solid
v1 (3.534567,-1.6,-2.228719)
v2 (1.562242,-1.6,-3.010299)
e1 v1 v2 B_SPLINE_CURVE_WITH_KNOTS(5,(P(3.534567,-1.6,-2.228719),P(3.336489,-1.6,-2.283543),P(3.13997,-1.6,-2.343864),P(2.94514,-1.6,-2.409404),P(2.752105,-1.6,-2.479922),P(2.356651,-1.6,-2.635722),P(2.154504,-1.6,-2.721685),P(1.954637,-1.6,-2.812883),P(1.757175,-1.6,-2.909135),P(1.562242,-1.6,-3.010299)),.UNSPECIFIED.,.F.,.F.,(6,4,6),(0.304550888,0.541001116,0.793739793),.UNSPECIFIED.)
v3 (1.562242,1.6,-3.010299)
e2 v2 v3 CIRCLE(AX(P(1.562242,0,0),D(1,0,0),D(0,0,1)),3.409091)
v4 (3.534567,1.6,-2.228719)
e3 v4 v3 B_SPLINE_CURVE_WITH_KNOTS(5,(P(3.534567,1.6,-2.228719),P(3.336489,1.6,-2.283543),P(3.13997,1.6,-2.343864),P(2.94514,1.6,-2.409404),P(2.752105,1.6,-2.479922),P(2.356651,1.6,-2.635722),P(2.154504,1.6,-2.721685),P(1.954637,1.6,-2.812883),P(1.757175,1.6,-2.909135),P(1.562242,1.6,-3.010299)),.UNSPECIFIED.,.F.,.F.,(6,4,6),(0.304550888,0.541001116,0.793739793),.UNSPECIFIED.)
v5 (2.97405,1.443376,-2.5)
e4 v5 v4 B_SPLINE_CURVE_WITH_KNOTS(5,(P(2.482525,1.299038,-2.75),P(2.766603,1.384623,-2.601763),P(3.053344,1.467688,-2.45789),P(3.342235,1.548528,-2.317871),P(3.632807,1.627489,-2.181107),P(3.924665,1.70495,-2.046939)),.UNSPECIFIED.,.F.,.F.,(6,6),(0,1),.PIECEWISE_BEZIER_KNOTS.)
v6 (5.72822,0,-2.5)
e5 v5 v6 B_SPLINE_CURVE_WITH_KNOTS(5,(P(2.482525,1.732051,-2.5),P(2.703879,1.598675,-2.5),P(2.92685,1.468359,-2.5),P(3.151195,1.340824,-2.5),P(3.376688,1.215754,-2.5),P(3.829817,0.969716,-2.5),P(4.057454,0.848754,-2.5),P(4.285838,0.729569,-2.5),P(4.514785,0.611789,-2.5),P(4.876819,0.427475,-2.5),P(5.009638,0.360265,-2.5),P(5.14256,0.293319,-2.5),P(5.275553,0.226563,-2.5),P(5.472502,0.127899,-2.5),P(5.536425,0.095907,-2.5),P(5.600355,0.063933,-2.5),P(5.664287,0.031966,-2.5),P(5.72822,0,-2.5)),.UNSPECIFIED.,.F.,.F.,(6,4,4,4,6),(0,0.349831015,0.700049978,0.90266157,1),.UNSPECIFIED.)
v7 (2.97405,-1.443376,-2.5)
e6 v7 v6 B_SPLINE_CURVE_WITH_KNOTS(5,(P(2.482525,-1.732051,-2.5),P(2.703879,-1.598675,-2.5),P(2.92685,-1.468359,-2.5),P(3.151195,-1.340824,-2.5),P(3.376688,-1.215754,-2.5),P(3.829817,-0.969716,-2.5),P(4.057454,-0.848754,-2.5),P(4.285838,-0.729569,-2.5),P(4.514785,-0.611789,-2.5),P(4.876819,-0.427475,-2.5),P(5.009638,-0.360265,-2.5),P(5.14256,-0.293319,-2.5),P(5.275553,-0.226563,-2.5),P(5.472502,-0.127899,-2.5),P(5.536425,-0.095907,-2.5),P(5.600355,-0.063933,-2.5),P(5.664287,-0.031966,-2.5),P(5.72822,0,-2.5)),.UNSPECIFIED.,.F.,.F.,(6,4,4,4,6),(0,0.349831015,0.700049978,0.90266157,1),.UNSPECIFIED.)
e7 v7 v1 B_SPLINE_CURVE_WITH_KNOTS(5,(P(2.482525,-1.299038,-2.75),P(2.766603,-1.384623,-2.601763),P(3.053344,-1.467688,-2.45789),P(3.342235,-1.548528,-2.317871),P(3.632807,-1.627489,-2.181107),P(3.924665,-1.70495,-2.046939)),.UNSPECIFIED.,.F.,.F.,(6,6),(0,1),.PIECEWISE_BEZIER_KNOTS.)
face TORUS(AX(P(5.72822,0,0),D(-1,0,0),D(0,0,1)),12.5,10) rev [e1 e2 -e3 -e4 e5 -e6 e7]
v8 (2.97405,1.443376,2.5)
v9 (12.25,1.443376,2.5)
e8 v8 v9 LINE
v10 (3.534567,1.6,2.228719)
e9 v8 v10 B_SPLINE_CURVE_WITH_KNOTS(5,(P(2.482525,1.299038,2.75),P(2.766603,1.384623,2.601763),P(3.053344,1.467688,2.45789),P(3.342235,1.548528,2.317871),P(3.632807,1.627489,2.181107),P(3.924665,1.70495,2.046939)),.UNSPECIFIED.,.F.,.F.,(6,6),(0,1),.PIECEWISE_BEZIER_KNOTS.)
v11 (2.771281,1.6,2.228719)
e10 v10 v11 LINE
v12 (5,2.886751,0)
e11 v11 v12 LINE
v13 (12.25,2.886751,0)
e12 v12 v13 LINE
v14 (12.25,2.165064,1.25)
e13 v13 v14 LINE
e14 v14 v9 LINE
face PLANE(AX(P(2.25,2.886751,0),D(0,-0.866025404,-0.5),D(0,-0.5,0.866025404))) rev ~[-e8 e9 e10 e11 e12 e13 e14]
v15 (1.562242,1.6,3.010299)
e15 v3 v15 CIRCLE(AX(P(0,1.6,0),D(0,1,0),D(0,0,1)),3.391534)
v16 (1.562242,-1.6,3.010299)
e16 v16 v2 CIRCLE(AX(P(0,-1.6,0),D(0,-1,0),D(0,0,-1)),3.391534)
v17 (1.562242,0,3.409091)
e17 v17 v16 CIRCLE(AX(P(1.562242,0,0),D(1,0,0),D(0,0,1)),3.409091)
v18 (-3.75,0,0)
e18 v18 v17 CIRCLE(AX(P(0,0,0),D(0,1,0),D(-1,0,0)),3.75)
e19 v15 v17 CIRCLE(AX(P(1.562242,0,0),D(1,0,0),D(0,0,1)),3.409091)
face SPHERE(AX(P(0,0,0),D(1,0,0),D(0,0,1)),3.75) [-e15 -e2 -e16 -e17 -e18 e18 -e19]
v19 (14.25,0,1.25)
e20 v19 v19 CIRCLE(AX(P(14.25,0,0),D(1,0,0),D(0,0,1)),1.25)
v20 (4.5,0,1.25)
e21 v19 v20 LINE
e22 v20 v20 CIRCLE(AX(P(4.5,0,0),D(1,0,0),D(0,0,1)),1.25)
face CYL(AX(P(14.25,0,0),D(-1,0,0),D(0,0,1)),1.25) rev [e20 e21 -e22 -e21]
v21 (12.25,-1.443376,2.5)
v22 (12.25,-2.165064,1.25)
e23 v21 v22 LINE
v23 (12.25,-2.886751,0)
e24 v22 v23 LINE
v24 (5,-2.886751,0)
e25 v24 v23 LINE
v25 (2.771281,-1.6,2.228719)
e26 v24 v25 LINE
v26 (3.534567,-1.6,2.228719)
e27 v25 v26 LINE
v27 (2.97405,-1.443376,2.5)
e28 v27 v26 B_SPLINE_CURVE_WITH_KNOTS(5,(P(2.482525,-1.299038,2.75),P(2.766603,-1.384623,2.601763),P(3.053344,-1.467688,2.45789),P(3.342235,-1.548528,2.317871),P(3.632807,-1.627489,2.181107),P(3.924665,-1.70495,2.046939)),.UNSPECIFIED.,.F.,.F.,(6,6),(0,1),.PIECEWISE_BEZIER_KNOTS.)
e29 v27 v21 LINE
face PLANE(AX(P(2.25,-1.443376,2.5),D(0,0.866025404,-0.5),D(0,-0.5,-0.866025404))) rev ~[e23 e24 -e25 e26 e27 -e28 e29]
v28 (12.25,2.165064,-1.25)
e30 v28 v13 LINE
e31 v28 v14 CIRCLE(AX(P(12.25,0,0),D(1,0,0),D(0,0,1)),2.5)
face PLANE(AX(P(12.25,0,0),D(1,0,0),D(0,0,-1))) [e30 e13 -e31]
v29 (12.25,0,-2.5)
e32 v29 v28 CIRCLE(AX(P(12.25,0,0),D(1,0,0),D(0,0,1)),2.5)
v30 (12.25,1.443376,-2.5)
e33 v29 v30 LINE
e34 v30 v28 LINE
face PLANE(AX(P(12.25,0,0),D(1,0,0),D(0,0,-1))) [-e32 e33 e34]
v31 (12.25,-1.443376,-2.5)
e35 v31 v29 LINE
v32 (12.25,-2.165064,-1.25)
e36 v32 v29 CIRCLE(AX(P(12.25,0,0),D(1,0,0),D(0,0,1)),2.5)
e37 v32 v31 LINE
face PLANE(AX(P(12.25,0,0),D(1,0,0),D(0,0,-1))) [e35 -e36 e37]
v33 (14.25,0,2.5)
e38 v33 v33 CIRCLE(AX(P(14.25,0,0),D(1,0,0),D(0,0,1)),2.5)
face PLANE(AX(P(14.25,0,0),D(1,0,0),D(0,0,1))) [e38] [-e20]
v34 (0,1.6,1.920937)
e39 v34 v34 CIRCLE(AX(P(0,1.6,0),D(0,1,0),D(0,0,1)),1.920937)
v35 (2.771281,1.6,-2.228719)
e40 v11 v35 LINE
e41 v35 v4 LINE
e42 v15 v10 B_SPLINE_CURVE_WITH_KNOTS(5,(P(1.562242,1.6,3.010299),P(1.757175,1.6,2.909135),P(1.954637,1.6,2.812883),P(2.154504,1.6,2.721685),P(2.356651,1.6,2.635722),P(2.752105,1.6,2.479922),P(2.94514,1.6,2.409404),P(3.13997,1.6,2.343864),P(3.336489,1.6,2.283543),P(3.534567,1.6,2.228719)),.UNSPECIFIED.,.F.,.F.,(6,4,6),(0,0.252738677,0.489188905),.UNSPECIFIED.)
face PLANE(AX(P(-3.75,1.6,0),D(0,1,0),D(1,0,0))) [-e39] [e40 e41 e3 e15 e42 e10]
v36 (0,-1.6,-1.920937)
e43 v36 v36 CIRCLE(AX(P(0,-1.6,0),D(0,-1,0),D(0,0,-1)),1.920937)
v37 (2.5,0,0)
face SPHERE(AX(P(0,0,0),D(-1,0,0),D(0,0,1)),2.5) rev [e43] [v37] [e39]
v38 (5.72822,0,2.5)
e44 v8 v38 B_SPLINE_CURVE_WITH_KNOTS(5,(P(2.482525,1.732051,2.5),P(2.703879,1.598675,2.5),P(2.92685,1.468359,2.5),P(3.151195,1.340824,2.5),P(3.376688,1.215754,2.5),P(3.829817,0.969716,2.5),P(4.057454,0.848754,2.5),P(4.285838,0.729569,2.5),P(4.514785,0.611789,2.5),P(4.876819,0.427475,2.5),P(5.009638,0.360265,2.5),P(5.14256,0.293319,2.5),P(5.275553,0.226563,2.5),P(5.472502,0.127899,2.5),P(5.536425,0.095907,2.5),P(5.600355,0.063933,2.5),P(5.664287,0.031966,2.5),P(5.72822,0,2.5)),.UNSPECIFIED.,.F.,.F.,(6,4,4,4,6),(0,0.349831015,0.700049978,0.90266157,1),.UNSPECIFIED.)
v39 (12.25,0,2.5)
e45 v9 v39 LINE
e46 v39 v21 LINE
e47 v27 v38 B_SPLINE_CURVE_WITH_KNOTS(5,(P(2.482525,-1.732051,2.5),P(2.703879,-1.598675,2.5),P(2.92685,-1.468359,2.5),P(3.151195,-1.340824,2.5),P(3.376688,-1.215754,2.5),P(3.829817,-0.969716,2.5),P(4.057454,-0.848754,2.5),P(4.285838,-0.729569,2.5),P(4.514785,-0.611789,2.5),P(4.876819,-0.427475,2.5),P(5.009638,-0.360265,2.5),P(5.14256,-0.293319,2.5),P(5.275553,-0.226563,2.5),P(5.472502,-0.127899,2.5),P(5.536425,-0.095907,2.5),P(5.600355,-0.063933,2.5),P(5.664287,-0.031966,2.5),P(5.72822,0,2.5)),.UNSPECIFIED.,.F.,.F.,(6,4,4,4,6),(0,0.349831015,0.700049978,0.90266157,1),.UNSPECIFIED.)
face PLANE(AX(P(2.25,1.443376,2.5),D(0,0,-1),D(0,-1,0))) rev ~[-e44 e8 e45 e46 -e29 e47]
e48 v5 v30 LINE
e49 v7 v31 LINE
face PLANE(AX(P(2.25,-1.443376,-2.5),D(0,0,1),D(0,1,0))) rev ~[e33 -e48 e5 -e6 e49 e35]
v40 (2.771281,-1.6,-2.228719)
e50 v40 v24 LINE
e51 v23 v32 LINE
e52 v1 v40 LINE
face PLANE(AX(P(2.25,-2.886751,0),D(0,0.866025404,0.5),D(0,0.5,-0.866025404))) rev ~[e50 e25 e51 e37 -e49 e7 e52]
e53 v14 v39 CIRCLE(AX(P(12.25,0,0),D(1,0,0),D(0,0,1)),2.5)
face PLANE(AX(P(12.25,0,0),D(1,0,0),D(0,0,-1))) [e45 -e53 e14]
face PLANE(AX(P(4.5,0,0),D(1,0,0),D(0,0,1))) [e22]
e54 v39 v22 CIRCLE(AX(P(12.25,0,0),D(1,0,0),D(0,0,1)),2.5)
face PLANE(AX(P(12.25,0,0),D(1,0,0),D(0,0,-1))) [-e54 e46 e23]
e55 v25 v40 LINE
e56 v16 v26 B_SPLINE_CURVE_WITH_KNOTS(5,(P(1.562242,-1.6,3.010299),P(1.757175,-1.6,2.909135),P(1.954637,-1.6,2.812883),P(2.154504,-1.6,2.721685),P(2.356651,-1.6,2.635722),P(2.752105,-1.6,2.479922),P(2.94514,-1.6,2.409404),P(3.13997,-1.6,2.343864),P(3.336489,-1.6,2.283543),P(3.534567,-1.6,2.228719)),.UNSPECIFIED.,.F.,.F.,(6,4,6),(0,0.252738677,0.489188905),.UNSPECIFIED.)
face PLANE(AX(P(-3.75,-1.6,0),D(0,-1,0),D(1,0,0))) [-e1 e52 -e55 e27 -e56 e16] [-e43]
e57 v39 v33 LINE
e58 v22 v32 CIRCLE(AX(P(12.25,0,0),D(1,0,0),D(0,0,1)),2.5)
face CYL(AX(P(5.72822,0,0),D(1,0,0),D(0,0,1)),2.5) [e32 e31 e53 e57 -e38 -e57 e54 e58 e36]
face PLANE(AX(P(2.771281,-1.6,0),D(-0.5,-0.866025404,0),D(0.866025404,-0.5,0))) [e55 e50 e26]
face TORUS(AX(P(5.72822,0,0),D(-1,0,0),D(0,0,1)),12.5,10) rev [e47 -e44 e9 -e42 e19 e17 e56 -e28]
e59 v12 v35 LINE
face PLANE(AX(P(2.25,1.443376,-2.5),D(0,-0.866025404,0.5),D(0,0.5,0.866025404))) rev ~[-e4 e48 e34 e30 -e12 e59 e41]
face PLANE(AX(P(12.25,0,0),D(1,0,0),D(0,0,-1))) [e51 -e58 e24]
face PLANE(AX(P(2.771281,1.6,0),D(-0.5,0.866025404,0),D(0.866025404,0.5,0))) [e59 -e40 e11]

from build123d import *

# Parameters (mm, degrees)
ESQUISSE3_W             = 9.75
ESQUISSE3_H             = 2.4
ENL_V_MAT_EXTRU_1_DEPTH = 5
BOSS_EXTRU_1_START      = -12
ESQUISSE2_R             = 1.25
BOSS_EXTRU_1_DEPTH      = 10
ENL_V_MAT_EXTRU_2_DEPTH = 5


with BuildPart() as part:
    # Esquisse1 → Révolution1 (revolve)
    with BuildSketch(Plane.XY, mode=Mode.PRIVATE) as r_volution1_sk:
        with BuildLine():
            Line((-2.5, 0), (-3.75, 0))
            ThreePointArc((-3.75, 0), (-2.025351028, 3.15601857), (1.562241714, 3.409090909))
            ThreePointArc((1.562241714, 3.409090909), (3.596212455, 2.729915791), (5.728219619, 2.5))
            Line((5.728219619, 2.5), (14.25, 2.5))
            Line((14.25, 2.5), (14.25, 1.25))
            Line((14.25, 1.25), (4.5, 1.25))
            Line((4.5, 1.25), (4.5, 0))
            Line((4.5, 0), (2.5, 0))
            ThreePointArc((2.5, 0), (0, 2.5), (-2.5, 0))
        make_face()
    revolve(r_volution1_sk.sketch.rotate(Axis((4.5, 0, 0), (1, 0, 0)), 90), axis=Axis((4.5, 0, 0), (1, 0, 0)))

    # Esquisse3 → Enlèv. mat.-Extru.1 (cut, symmetric)
    with BuildSketch(Plane.XY):
        with Locations((1.125, 2.8)):
            Rectangle(ESQUISSE3_W, ESQUISSE3_H)
        with Locations((1.125, -2.8)):
            Rectangle(ESQUISSE3_W, ESQUISSE3_H)
    extrude(amount=ENL_V_MAT_EXTRU_1_DEPTH, both=True, mode=Mode.SUBTRACT)

    # Esquisse2 → Boss.-Extru.1 (add)
    with BuildSketch(Plane(origin=(14.25, 0, 0), x_dir=(0, 0, -1), z_dir=(1, 0, 0)).offset(BOSS_EXTRU_1_START)):
        Polygon((0, 2.886751346), (-2.5, 1.443375673), (-2.5, -1.443375673), (0, -2.886751346), (2.5, -1.443375673), (2.5, 1.443375673), align=None)
        with Locations(Location((0, 0, 0), (0, 0, 180))):
            Circle(ESQUISSE2_R, mode=Mode.SUBTRACT)
    extrude(amount=BOSS_EXTRU_1_DEPTH)

    # Esquisse4 → Enlèv. mat.-Extru.2 (cut, symmetric)
    with BuildSketch(Plane.XY):
        Polygon((2.771281292, 1.6), (5, 2.886751346), (-3.75, 2.886751346), (-3.75, 1.6), align=None)
        Polygon((-3.75, -1.6), (2.771281292, -1.6), (5, -2.886751346), (-3.75, -2.886751346), align=None)
    extrude(amount=ENL_V_MAT_EXTRU_2_DEPTH, both=True, mode=Mode.SUBTRACT)


solid = part.part
